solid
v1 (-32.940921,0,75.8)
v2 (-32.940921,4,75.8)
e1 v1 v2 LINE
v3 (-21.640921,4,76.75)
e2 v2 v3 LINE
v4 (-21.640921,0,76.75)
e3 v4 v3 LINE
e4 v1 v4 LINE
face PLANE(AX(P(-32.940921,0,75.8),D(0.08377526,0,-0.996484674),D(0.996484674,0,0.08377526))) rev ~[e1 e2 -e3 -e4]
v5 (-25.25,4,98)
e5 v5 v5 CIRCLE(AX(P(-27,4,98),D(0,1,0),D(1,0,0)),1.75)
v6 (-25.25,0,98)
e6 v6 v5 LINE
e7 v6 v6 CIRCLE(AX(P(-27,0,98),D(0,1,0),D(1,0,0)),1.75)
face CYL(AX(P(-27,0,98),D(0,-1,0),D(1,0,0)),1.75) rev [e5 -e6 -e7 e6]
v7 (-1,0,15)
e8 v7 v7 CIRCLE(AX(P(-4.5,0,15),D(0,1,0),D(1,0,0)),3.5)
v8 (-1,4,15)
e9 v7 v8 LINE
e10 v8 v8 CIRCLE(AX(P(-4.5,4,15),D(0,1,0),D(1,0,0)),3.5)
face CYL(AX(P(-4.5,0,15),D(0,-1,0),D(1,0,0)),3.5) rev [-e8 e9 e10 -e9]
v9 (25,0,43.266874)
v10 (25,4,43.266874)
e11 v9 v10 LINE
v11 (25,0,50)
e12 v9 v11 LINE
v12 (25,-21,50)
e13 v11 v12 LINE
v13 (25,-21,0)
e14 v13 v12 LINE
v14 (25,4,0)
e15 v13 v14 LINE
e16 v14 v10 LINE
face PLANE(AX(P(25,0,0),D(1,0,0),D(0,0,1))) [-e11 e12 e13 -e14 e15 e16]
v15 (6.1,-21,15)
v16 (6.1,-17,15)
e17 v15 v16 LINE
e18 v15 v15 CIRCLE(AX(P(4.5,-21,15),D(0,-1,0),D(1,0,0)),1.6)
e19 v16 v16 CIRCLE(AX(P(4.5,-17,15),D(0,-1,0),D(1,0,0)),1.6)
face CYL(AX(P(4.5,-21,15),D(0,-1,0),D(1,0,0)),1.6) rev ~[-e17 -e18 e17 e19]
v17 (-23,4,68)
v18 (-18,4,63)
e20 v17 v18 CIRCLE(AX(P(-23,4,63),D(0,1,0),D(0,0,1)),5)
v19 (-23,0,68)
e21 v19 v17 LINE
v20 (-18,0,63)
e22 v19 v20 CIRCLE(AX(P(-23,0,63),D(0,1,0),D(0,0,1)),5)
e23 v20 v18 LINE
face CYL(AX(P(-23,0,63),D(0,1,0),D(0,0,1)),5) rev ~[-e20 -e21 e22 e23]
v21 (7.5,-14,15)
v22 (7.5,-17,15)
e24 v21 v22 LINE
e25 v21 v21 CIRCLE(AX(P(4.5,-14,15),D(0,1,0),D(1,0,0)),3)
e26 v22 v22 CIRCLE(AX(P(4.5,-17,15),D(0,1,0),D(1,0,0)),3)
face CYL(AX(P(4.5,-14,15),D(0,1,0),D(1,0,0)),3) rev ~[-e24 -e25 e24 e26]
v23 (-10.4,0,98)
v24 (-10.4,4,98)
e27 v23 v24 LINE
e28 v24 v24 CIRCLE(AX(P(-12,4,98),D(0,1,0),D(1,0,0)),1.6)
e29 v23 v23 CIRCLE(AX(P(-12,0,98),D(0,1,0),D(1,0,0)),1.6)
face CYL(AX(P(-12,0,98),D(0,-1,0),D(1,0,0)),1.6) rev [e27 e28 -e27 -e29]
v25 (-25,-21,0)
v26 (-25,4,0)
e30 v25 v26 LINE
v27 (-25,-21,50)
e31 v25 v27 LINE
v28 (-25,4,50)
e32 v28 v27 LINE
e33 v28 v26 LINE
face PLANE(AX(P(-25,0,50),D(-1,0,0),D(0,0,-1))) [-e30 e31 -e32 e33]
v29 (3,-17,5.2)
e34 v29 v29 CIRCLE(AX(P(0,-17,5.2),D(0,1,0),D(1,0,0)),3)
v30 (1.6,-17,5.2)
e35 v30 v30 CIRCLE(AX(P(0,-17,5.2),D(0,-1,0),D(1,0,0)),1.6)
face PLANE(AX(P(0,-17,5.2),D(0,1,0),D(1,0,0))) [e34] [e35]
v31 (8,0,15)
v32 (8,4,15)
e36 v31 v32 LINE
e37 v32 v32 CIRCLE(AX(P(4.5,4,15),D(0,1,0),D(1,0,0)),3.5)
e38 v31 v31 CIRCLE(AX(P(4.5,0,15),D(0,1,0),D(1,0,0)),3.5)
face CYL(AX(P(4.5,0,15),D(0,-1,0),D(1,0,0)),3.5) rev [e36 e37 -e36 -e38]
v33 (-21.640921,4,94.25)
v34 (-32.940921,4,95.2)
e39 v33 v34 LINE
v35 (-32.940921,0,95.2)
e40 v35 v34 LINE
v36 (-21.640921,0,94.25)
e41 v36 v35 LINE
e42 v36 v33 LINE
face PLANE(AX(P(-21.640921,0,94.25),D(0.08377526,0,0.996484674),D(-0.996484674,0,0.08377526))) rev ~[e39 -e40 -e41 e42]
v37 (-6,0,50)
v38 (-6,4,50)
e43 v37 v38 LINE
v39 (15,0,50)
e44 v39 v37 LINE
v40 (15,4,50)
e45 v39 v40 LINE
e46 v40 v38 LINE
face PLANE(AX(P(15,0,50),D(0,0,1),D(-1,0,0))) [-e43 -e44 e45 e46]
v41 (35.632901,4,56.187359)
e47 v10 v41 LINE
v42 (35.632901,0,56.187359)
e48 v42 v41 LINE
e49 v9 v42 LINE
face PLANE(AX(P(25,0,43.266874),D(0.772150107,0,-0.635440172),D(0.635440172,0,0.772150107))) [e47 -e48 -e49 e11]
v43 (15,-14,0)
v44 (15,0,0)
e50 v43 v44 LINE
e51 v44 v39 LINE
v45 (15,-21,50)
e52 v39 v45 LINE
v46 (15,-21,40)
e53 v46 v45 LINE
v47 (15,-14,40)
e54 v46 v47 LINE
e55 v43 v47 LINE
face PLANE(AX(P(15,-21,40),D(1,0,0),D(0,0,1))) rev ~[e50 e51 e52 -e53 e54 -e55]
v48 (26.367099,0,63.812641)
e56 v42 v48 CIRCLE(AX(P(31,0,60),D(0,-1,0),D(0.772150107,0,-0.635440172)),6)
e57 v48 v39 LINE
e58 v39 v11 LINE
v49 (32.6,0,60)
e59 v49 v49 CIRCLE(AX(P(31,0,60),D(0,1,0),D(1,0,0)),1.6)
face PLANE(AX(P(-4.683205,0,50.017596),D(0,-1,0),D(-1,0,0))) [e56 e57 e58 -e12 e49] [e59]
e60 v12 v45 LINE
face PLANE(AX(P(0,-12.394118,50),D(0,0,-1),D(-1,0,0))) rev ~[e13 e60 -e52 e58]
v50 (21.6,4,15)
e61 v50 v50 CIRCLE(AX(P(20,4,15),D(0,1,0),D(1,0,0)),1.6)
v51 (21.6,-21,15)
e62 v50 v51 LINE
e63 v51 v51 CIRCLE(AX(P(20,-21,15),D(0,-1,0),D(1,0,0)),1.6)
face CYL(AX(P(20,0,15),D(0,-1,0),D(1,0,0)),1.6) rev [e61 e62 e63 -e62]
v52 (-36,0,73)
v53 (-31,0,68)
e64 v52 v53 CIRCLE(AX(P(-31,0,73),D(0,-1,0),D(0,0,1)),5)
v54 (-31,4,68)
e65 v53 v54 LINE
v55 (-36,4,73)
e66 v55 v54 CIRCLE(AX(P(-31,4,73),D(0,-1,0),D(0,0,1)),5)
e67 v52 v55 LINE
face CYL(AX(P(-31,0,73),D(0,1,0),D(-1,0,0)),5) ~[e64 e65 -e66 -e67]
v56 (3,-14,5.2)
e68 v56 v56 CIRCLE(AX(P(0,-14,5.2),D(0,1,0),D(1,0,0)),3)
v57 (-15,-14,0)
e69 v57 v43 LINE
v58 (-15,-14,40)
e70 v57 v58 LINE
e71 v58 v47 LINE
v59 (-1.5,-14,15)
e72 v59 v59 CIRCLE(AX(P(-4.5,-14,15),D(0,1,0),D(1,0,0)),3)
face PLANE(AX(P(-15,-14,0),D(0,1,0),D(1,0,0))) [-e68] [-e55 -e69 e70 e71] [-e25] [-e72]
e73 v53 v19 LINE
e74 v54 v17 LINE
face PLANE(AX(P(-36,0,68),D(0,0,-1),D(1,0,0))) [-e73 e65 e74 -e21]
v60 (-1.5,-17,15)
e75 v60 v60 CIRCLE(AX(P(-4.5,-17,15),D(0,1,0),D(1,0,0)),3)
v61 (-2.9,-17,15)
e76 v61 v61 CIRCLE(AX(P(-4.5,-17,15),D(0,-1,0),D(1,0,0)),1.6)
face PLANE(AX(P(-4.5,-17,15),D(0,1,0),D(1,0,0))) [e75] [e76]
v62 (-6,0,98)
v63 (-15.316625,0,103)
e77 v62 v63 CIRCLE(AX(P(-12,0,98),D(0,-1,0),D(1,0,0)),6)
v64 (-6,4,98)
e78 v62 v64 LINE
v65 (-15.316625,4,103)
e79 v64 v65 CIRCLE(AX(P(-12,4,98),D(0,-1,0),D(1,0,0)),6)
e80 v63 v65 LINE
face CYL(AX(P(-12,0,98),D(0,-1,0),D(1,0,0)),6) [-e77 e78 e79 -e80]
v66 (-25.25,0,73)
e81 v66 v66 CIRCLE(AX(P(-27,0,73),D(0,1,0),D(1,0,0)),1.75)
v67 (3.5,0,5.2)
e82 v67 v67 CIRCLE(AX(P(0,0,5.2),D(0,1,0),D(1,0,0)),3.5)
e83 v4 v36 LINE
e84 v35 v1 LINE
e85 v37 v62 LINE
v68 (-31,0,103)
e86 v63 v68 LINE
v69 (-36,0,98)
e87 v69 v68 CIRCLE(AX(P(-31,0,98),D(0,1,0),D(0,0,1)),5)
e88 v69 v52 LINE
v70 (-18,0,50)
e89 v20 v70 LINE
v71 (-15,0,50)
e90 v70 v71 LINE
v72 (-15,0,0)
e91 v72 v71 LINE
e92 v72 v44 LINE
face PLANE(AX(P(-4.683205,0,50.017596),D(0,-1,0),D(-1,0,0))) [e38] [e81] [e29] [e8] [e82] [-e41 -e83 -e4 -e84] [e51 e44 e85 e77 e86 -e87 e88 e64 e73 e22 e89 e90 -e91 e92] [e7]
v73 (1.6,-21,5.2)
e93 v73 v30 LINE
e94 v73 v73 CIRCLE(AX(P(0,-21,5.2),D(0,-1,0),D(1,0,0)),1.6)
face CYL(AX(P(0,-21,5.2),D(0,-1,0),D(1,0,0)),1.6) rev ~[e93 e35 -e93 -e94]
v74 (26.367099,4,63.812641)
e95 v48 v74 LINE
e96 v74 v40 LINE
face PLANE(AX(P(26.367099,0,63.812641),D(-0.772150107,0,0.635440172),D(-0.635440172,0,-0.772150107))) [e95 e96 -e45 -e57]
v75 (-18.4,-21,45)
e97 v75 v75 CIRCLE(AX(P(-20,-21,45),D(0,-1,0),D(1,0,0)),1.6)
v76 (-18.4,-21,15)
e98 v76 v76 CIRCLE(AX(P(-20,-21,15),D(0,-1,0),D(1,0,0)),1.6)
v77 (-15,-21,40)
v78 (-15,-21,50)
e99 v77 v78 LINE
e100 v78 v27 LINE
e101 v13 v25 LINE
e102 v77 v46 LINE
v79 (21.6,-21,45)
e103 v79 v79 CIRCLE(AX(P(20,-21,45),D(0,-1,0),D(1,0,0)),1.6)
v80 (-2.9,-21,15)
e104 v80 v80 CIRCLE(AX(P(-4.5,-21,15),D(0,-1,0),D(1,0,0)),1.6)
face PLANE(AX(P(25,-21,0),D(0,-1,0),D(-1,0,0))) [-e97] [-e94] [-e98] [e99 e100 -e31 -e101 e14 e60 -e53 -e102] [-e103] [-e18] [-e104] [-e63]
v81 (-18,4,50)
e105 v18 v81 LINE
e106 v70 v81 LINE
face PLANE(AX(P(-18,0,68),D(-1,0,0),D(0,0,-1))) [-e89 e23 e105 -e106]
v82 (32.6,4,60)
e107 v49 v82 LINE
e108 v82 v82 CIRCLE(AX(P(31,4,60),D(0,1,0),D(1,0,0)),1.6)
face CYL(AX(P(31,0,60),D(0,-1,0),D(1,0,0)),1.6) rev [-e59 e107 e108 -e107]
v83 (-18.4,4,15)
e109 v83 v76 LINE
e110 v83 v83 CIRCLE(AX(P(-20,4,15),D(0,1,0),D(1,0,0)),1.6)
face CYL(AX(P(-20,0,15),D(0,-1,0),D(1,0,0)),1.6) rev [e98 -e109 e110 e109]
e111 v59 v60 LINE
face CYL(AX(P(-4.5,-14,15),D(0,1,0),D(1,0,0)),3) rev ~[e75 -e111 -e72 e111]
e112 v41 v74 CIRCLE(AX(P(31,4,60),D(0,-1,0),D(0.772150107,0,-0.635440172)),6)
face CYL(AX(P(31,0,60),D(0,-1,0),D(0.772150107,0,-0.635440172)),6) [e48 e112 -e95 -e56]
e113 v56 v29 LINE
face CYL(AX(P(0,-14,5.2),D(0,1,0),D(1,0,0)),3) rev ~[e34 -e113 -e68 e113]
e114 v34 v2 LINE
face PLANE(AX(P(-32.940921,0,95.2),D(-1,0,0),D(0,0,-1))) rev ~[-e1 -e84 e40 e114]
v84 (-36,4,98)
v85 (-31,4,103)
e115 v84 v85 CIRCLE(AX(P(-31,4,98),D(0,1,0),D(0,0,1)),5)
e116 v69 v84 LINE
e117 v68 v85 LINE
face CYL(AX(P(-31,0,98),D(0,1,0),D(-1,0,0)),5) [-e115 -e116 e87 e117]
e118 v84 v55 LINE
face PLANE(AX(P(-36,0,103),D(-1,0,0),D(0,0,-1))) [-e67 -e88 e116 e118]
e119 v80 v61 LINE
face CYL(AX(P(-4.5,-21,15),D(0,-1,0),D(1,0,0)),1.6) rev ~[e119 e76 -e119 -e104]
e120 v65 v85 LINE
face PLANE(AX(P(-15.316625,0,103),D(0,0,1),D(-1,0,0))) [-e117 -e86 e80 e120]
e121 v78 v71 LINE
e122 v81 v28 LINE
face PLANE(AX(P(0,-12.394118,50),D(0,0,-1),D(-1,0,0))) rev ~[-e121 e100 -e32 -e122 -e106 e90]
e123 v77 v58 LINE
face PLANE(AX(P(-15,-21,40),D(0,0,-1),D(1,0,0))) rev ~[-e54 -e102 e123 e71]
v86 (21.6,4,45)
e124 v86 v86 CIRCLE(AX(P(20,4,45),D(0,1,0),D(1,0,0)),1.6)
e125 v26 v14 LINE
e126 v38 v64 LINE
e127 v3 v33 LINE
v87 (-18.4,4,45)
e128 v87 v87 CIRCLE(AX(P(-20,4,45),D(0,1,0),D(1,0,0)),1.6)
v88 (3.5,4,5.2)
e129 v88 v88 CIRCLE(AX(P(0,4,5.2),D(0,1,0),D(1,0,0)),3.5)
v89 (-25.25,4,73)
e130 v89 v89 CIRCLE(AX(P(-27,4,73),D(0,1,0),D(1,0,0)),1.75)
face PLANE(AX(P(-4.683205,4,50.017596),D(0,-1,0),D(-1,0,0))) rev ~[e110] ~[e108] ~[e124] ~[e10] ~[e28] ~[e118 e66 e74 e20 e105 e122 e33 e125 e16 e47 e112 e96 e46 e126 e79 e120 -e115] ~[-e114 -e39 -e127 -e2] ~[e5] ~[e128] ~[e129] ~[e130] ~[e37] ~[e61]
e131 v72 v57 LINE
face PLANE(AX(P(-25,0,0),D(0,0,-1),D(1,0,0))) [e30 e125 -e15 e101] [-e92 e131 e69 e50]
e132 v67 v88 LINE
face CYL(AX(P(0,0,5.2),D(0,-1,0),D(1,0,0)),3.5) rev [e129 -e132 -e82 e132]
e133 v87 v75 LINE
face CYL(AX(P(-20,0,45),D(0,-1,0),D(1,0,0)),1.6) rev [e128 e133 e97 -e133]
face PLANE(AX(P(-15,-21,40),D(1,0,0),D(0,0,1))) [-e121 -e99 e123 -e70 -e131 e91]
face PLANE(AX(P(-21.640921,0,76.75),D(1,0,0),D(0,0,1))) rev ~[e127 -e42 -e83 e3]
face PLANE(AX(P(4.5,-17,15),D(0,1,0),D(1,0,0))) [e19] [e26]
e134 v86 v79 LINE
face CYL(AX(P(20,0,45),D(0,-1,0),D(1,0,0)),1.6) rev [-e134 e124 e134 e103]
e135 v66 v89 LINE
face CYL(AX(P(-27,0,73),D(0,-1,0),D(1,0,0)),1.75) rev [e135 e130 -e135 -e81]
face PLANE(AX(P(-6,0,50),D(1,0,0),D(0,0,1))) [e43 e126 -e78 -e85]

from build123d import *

# Parameters (mm, degrees)
RESSALTO_EXTRUS_O1_DEPTH = 50
ESBO_O2_R                = 1.6
CORTE_EXTRUS_O1_DEPTH    = 40
ESBO_O3_R                = 1.6
ESBO_O3_R_2              = 1.75
ESBO_O3_R_3              = 3.5
RESSALTO_EXTRUS_O2_DEPTH = 4
ESBO_O4_W                = 30
ESBO_O4_H                = 10
CORTE_EXTRUS_O2_DEPTH    = 7
FILETE1_R                = 5
CORTE_EXTRUS_O3_START    = -18
ESBO_O5_R                = 3
CORTE_EXTRUS_O3_DEPTH    = 3


with BuildPart() as part:
    # Esboço1 → Ressalto-extrusão1 (new body)
    with BuildSketch(Plane.XY):
        Polygon((-25, 0), (-15, 0), (-15, -14), (15, -14), (15, 0), (25, 0), (25, -21), (-25, -21), align=None)
    extrude(amount=RESSALTO_EXTRUS_O1_DEPTH)

    # Esboço2 → Corte-extrusão1 (cut)
    with BuildSketch(Plane.XZ.offset(21)):
        with Locations((-20, 45)):
            Circle(ESBO_O2_R)
        with Locations((20, 45)):
            Circle(ESBO_O2_R)
        with Locations((20, 15)):
            Circle(ESBO_O2_R)
        with Locations((-20, 15)):
            Circle(ESBO_O2_R)
        with Locations((-4.5, 15)):
            Circle(ESBO_O2_R)
        with Locations((0, 5.2)):
            Circle(ESBO_O2_R)
        with Locations((4.5, 15)):
            Circle(ESBO_O2_R)
    extrude(amount=-CORTE_EXTRUS_O1_DEPTH, mode=Mode.SUBTRACT)

    # Esboço3 → Ressalto-extrusão2 (add)
    with BuildSketch(Plane(origin=(0, 0, 0), x_dir=(1, 0, 0), z_dir=(0, 1, 0))):
        with BuildLine():
            Line((25, -43.266873708), (35.632900644, -56.18735897))
            ThreePointArc((35.632900644, -56.18735897), (34.81264103, -64.632900644), (26.367099356, -63.81264103))
            Line((26.367099356, -63.81264103), (15, -50))
            Line((15, -50), (-6, -50))
            Line((-6, -50), (-6, -98))
            ThreePointArc((-6, -98), (-9.162725669, -103.286764074), (-15.31662479, -103))
            Line((-15.31662479, -103), (-36, -103))
            Line((-36, -103), (-36, -68))
            Line((-36, -68), (-18, -68))
            Line((-18, -68), (-18, -50))
            Line((-18, -50), (-25, -50))
            Line((-25, -50), (-25, 0))
            Line((-25, 0), (25, 0))
            Line((25, 0), (25, -43.266873708))
        make_face()
        with Locations((20, -45)):
            Circle(ESBO_O3_R, mode=Mode.SUBTRACT)
        with Locations((20, -15)):
            Circle(ESBO_O3_R, mode=Mode.SUBTRACT)
        with Locations((-20, -15)):
            Circle(ESBO_O3_R, mode=Mode.SUBTRACT)
        with Locations((-20, -45)):
            Circle(ESBO_O3_R, mode=Mode.SUBTRACT)
        with Locations((31, -60)):
            Circle(ESBO_O3_R, mode=Mode.SUBTRACT)
        with Locations((-12, -98)):
            Circle(ESBO_O3_R, mode=Mode.SUBTRACT)
        with Locations((-27, -98)):
            Circle(ESBO_O3_R_2, mode=Mode.SUBTRACT)
        with Locations((-27, -73)):
            Circle(ESBO_O3_R_2, mode=Mode.SUBTRACT)
        with Locations((0, -5.2)):
            Circle(ESBO_O3_R_3, mode=Mode.SUBTRACT)
        with Locations((-4.5, -15)):
            Circle(ESBO_O3_R_3, mode=Mode.SUBTRACT)
        with Locations((4.5, -15)):
            Circle(ESBO_O3_R_3, mode=Mode.SUBTRACT)
        Polygon((-32.940921409, -75.8), (-21.640921409, -76.75), (-21.640921409, -94.25), (-32.940921409, -95.2), align=None, mode=Mode.SUBTRACT)
    extrude(amount=RESSALTO_EXTRUS_O2_DEPTH)

    # Esboço4 → Corte-extrusão2 (cut)
    with BuildSketch(Plane.XZ.offset(21)):
        with Locations((0, 45)):
            Rectangle(ESBO_O4_W, ESBO_O4_H)
    extrude(amount=-CORTE_EXTRUS_O2_DEPTH, mode=Mode.SUBTRACT)

    # Filete1
    filete1_edges = [part.edges().sort_by_distance(p)[0] for p in [
        (-18, 2, 68),
        (-36, 2, 68),
        (-36, 2, 103),
    ]]
    fillet(filete1_edges, radius=FILETE1_R)

    # Esboço5 → Corte-extrusão3 (cut)
    with BuildSketch(Plane(origin=(0, 4, 0), x_dir=(1, 0, 0), z_dir=(0, 1, 0)).offset(CORTE_EXTRUS_O3_START)):
        with Locations((4.5, -15)):
            Circle(ESBO_O5_R)
        with Locations((-4.5, -15)):
            Circle(ESBO_O5_R)
        with Locations((0, -5.2)):
            Circle(ESBO_O5_R)
    extrude(amount=-CORTE_EXTRUS_O3_DEPTH, mode=Mode.SUBTRACT)


solid = part.part
